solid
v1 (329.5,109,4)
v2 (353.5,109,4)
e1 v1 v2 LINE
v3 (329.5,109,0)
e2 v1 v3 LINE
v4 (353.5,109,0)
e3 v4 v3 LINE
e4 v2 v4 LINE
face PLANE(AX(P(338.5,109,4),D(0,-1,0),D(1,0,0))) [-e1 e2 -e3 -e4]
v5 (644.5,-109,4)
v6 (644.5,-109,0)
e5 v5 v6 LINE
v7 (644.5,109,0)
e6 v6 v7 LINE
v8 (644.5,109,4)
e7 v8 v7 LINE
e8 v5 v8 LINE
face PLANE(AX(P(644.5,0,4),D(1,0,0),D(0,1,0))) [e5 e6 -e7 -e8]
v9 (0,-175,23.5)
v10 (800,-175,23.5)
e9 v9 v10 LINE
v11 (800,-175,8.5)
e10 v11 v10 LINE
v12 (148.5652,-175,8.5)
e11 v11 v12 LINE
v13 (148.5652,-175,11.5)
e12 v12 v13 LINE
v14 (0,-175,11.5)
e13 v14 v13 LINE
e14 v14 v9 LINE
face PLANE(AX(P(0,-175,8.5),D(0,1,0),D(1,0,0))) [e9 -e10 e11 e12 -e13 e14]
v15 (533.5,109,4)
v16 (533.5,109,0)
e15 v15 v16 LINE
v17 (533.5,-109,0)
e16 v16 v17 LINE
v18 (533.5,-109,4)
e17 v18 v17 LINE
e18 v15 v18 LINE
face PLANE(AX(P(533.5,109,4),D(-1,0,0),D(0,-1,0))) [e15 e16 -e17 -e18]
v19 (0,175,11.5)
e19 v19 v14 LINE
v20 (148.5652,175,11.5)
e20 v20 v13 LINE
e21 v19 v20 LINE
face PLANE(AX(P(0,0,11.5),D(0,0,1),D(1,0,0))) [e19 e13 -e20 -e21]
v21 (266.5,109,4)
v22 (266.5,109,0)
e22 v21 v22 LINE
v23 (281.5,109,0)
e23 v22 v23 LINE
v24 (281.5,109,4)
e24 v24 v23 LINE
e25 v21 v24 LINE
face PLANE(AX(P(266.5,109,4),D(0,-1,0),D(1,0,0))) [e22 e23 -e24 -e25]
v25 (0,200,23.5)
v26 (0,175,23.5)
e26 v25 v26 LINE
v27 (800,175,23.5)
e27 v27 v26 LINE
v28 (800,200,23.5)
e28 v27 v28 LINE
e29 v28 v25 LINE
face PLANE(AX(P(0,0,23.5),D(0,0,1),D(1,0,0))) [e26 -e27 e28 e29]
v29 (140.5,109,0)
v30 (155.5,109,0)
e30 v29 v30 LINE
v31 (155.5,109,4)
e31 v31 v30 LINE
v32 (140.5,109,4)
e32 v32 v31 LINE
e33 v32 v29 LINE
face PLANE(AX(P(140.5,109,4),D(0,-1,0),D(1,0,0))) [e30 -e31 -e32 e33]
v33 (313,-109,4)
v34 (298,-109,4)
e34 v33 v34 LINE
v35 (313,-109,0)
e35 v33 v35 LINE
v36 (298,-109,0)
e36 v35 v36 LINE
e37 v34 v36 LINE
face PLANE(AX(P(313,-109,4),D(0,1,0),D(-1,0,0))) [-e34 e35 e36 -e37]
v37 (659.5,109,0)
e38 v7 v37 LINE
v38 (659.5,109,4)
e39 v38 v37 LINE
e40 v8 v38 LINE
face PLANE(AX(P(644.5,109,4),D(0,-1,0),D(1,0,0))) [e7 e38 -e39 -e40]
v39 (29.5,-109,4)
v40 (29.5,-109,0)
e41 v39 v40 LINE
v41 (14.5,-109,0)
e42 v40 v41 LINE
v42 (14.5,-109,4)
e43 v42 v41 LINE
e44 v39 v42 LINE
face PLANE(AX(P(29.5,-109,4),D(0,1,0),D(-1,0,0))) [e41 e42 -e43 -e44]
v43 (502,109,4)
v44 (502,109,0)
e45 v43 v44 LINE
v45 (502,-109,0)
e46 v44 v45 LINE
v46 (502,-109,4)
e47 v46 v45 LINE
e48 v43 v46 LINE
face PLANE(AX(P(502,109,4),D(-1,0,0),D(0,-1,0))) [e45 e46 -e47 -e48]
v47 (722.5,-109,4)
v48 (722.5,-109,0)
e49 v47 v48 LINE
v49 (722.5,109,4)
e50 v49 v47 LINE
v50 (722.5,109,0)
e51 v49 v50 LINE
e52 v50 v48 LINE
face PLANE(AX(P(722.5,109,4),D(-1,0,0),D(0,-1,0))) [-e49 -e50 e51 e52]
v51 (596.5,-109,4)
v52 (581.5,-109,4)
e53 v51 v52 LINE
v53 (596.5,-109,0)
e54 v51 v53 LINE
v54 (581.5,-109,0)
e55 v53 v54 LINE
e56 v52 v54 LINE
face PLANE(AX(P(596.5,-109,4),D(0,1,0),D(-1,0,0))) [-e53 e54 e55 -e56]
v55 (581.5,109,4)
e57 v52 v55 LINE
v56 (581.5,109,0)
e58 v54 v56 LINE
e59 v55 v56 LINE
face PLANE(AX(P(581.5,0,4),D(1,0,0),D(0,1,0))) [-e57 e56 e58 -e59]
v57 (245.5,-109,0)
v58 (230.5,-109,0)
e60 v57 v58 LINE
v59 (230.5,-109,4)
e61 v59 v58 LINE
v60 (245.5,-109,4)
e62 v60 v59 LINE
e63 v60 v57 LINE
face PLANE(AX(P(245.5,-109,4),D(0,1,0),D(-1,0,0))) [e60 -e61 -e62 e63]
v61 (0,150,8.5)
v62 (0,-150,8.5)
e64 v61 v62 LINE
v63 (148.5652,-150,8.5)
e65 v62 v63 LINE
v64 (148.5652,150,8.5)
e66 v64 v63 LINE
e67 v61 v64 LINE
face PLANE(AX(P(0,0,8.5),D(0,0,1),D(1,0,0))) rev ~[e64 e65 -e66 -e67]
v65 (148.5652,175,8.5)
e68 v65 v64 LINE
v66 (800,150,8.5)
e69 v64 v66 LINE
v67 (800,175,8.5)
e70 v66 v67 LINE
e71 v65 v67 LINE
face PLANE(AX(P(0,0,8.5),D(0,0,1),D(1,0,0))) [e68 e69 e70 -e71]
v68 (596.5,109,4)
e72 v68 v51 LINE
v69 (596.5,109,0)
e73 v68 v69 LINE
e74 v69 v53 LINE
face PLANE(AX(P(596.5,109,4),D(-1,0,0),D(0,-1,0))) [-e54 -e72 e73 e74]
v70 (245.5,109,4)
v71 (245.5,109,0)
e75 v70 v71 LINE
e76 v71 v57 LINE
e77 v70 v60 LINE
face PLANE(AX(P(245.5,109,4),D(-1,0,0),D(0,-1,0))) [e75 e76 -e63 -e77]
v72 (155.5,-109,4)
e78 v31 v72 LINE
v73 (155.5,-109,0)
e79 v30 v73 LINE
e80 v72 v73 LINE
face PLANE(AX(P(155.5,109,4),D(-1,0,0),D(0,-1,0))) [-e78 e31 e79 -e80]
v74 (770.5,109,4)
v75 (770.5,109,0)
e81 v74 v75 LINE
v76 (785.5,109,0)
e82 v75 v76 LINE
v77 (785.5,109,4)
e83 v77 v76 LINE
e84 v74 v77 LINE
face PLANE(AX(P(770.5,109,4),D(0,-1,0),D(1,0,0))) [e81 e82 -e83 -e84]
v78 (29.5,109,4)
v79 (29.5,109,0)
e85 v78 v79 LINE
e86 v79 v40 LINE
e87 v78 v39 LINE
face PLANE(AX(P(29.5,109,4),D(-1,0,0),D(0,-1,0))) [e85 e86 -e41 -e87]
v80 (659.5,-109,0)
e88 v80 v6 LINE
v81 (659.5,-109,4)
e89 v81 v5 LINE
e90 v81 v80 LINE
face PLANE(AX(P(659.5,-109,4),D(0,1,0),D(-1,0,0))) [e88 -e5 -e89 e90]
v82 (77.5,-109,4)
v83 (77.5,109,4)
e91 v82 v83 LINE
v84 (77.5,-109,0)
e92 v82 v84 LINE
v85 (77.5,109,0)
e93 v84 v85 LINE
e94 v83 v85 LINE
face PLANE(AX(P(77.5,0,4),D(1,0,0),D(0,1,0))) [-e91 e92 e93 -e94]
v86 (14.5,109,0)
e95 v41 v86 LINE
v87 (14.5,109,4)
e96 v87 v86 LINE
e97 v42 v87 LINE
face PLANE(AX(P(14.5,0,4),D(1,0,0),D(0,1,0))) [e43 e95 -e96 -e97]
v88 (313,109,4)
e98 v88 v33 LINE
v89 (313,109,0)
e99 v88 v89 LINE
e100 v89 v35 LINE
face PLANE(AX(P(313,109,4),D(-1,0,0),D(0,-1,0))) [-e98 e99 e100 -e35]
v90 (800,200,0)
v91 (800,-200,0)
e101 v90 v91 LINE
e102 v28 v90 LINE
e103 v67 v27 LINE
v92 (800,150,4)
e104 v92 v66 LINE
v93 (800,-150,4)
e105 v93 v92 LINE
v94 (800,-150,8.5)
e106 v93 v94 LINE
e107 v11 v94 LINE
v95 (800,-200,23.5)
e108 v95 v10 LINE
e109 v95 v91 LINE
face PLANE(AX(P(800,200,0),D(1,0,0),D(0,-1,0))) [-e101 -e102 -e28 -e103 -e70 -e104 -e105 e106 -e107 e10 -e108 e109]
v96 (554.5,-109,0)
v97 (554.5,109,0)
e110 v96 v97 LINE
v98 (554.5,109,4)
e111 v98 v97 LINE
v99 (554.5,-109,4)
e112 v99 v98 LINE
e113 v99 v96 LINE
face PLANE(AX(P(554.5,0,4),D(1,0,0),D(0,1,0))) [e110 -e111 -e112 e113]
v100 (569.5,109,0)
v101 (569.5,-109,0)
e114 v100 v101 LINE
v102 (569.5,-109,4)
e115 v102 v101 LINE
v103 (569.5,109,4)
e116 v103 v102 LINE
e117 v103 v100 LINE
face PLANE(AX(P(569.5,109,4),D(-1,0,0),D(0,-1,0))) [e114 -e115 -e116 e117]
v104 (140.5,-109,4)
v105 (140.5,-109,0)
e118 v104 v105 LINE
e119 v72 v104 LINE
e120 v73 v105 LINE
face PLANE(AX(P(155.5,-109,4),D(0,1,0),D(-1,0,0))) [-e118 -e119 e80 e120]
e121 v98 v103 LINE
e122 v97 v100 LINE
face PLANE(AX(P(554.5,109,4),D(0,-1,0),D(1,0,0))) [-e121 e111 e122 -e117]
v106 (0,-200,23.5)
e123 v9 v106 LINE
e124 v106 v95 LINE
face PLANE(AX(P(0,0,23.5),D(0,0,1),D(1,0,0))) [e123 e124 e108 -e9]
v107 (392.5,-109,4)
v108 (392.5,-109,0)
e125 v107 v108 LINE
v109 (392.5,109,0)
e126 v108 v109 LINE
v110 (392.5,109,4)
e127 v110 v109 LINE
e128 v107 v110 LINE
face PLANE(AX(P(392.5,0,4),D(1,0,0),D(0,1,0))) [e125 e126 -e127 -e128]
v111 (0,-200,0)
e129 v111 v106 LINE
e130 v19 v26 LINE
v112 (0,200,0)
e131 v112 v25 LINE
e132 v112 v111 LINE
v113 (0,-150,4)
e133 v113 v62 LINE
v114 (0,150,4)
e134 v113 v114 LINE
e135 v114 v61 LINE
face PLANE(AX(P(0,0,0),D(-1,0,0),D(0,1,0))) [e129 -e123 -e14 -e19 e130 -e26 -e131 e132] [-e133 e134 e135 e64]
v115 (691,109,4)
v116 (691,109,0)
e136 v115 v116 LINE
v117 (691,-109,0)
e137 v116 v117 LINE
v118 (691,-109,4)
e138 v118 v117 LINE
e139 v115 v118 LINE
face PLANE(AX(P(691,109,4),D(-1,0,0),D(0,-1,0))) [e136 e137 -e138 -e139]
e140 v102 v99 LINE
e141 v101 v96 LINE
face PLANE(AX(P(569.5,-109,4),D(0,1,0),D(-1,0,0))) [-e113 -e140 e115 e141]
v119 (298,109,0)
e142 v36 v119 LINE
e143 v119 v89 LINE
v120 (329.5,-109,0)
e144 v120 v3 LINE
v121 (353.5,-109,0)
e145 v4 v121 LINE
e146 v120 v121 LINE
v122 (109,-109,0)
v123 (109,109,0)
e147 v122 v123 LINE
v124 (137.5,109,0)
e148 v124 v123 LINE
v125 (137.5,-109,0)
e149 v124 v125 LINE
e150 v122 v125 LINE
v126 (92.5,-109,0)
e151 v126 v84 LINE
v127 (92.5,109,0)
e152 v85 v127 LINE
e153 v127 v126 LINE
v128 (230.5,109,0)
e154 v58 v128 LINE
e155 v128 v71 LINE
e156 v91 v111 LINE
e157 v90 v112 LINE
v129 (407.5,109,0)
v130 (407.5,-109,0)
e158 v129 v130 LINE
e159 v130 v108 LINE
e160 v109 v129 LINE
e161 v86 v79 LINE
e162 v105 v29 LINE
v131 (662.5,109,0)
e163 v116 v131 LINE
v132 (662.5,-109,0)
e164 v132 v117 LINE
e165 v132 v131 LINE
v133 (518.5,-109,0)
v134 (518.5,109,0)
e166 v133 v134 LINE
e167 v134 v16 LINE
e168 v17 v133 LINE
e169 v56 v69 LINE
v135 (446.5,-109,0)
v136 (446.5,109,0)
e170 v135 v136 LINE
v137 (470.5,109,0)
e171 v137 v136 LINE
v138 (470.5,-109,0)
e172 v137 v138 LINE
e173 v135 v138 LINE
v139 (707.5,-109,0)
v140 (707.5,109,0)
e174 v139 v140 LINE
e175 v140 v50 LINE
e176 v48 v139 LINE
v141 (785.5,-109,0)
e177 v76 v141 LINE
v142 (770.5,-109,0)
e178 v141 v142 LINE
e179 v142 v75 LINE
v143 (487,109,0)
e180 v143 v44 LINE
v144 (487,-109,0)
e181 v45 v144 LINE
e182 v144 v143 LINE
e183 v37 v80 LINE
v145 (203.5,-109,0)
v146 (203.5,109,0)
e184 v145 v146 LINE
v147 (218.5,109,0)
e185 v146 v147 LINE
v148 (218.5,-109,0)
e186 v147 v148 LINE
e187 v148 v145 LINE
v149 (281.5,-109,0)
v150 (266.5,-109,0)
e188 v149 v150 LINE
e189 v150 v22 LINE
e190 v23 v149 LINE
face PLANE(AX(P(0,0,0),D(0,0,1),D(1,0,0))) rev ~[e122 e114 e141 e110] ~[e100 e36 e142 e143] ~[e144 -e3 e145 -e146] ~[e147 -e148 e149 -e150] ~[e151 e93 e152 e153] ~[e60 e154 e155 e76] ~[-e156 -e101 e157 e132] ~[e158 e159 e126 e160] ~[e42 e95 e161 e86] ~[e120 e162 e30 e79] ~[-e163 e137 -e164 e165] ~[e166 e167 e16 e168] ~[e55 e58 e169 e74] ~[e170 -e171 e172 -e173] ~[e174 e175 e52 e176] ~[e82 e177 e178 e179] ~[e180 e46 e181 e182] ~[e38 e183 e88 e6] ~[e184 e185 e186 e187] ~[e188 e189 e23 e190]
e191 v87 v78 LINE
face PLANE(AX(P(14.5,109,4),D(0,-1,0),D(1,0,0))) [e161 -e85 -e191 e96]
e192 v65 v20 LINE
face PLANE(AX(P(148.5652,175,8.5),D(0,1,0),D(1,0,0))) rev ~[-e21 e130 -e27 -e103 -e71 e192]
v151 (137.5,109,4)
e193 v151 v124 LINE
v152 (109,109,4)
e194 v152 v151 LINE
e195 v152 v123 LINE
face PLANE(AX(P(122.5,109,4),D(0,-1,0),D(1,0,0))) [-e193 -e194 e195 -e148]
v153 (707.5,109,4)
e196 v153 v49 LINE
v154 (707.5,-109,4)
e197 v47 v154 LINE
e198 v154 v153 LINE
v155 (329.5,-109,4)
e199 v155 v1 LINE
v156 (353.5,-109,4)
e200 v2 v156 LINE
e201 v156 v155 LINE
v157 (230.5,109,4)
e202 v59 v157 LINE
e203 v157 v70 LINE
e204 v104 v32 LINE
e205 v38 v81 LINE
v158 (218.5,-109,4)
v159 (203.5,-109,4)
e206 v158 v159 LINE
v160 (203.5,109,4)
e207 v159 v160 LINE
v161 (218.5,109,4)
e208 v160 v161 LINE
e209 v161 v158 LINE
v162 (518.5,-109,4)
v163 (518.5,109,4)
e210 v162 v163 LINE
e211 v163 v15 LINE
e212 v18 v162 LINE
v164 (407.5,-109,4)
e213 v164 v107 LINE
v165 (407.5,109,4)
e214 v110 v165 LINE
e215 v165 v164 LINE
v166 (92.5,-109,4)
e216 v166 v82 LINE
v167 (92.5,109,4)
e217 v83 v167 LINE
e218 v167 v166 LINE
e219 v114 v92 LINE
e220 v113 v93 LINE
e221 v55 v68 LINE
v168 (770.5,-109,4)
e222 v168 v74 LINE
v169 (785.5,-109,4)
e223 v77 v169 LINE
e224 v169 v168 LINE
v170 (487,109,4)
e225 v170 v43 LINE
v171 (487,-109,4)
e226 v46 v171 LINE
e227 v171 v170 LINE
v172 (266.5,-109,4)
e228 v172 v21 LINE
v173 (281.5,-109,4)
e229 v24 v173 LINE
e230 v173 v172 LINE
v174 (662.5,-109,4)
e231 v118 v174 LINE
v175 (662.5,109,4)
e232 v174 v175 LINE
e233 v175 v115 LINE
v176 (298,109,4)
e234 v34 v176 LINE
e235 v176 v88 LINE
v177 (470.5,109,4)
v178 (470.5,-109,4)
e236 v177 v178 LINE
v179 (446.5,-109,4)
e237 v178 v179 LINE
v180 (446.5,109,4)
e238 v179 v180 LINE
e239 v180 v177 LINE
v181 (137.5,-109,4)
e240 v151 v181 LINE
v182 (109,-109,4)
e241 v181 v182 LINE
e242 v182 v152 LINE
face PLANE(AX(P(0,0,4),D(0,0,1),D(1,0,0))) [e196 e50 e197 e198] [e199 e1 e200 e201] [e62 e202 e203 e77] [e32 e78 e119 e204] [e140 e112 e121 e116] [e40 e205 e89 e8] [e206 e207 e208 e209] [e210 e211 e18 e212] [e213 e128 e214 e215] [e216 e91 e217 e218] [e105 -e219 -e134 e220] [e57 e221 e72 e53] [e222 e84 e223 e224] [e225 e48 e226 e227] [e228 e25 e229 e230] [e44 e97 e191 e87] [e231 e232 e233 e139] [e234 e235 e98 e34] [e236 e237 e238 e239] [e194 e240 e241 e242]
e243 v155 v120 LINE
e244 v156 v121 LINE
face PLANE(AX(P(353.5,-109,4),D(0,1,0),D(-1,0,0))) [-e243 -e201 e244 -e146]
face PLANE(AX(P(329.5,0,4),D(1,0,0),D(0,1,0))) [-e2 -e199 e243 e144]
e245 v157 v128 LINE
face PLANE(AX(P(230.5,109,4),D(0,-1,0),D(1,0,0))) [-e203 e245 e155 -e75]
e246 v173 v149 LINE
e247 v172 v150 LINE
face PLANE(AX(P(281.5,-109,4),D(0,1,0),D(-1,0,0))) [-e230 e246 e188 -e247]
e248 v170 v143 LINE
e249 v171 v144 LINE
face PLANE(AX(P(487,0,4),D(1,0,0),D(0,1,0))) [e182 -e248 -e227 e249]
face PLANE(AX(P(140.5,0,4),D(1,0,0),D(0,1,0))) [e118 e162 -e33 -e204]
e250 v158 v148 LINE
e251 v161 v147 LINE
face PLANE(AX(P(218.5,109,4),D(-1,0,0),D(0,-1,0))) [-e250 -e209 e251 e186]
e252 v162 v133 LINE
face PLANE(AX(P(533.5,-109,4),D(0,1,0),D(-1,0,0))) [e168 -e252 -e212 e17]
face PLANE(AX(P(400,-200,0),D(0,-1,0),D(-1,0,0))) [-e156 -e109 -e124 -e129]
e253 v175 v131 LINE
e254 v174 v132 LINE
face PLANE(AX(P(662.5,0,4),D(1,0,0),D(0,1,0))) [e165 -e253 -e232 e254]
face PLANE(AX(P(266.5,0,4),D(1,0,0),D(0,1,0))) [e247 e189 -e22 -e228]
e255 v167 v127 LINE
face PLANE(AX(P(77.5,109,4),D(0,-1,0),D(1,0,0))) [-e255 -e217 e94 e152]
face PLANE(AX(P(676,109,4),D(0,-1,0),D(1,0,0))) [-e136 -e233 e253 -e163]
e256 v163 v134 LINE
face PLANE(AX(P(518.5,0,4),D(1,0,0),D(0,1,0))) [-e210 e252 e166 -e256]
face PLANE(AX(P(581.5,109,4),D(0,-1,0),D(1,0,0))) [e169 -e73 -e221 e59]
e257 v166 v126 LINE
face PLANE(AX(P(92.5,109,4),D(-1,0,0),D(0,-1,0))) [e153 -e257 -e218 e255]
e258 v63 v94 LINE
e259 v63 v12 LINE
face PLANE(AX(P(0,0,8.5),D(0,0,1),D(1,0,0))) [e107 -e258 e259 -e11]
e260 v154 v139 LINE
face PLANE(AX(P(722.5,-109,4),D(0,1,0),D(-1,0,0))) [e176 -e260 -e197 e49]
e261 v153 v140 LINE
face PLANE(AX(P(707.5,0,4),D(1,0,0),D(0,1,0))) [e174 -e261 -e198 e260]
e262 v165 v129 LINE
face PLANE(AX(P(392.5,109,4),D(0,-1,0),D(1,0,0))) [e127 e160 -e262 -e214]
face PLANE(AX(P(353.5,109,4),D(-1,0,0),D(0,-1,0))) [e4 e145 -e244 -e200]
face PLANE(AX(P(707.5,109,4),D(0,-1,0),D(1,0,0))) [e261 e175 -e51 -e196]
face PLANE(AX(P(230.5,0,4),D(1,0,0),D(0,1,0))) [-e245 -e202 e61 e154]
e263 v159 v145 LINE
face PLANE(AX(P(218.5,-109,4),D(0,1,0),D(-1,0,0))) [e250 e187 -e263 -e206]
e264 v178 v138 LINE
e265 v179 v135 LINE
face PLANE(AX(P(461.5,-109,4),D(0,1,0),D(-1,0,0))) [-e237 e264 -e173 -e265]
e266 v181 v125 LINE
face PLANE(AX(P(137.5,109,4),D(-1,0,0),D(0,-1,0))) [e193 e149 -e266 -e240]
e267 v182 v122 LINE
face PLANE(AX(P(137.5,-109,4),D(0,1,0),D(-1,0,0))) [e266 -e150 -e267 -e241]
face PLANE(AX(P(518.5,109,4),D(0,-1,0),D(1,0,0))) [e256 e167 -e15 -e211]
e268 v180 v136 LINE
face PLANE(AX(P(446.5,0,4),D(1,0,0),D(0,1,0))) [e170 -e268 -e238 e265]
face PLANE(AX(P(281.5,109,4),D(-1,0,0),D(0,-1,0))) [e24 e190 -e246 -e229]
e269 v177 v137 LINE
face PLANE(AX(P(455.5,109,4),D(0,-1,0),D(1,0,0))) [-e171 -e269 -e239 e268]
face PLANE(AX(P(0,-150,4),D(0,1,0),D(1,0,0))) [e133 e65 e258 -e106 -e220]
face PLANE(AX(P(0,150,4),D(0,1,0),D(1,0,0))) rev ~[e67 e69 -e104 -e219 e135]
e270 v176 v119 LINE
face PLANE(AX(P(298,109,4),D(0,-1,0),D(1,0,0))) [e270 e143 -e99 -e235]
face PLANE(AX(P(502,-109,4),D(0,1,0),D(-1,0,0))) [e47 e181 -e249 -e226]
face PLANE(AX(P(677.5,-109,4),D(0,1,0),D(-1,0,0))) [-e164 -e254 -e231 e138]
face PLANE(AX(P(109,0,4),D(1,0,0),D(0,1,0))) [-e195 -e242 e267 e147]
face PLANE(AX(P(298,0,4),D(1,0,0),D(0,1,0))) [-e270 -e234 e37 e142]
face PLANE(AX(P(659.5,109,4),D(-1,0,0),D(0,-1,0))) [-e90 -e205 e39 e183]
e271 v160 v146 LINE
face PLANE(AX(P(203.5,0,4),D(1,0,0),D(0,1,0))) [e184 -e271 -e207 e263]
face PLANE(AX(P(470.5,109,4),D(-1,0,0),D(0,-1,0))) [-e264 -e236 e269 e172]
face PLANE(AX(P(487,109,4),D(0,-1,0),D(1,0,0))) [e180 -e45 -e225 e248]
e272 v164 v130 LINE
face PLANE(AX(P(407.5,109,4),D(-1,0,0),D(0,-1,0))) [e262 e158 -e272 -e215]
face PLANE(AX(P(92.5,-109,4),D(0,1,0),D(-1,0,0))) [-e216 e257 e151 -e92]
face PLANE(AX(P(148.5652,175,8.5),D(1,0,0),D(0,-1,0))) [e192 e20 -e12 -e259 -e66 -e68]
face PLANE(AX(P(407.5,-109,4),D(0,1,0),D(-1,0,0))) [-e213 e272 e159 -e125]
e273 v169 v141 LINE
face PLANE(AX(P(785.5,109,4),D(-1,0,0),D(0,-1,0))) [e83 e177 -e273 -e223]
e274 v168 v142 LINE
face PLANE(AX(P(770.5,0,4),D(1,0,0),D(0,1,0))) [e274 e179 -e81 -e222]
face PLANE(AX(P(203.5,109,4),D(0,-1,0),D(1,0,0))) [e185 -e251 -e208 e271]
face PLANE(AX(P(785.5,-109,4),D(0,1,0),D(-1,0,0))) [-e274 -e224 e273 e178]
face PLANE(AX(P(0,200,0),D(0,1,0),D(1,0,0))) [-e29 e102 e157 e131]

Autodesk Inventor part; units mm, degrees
ref_plane "YZ Plane" through (0, 0, 0) normal (1, 0, 0) x (0, 1, 0)
sketch "ferrite_layer_outline_sketch" plane through (0, 0, 0) normal (0, 0, 1) x (1, 0, 0)
  line L0 (0, 200) -> (800, 200)
  line L1 (800, 200) -> (800, -200)
  line L2 (800, -200) -> (0, -200)
  line L3 (0, -200) -> (0, 200)
  line L4 (-160, 0) -> (960, 0) projected
  line L5 (400, 200) -> (400, -200) construction
  line L6 (400, 366.8869) -> (400, -324.3455) construction
  line L7 (400, 200) -> (400, -200)
  point P0 (0, 0)
  point P1 (0, 0)
  point P2 (0, 0)
  point P3 (0, 0)
  point P4 (20, 0)
  dimension "d0" = 800
  dimension "d1" = 400
extrude "Extrusion8" add sketch "ferrite_layer_outline_sketch" along normal blind 4
ref_plane "acrylic_sheet_plane" through (0, 0, 4) normal (0, 0, 1) x (1, 0, 0)
sketch "Sketch4" plane through (0, 0, 4) normal (0, 0, 1) x (1, 0, 0)
  line L0 (14.5, 109) -> (29.5, 109)
  line L1 (29.5, 109) -> (29.5, -109)
  line L2 (29.5, -109) -> (14.5, -109)
  line L3 (14.5, -109) -> (14.5, 109)
  line L4 (-12.6534, 0) -> (47.471, 0)
  line L5 (0, 200) -> (0, -200) projected
  line L6 (800, 200) -> (0, 200) projected
  line L7 (0, -200) -> (800, -200) projected
  point P0 (0, 0)
  point P1 (14.5, 0)
  point P2 (0, 0)
  dimension "d43" = 15
  dimension "d44" = 218
  dimension "d45" = 14.5
extrude "Extrusion9" cut sketch "Sketch4" against normal through all
pattern_linear "Rectangular Pattern 7 fer" count 7 spacing 126 along (1, 0, 0) of "Extrusion9"
pattern_linear "Rectangular Pattern 8 fer" count 8 spacing 108 along (1, 0, 0) of "Extrusion9"
pattern_linear "pattern_test_#_of_ferrites 9 fer" count 9 spacing 94.5 along (1, 0, 0) of "Extrusion9"
pattern_linear "Rectangular Pattern 10 fer" [suppressed]
pattern_linear "Rectangular Pattern 13" count 13 spacing 63 along (1, 0, 0) of "Extrusion9"
sketch "Sketch5" plane through (0, 0, 4) normal (0, 0, 1) x (1, 0, 0)
  line L0 (0, 200) -> (0, -200) projected
  line L1 (0, 150) -> (800, 150)
  line L2 (800, -200) -> (800, 200) projected
  line L3 (800, 200) -> (0, 200) projected
  line L4 (0, -200) -> (800, -200) projected
  line L5 (0, -150) -> (800, -150)
  point P0 (0, 0)
  dimension "d66" = 50
  dimension "d68" = 50
extrude "Extrusion10" add sketch "Sketch5" along normal blind 4.5 contours L3 L2 L1 L0 | L5 L2 L4 L0
ref_plane "lower test Plane" through (0, 0, 8.5) normal (0, 0, 1) x (1, 0, 0)
sketch "Sketch7" plane through (0, 0, 8.5) normal (0, 0, 1) x (1, 0, 0)
  line L0 (0, 200) -> (0, -200) projected
  line L1 (0, 175) -> (800, 175)
  line L2 (800, -200) -> (800, 200) projected
  line L3 (0, -175) -> (800, -175)
  line L4 (800, 200) -> (0, 200) projected
  line L5 (0, -200) -> (800, -200) projected
  line L6 (148.5652, 175) -> (148.5652, -175)
  point P0 (0, 0)
  dimension "d77" = 25
  dimension "d78" = 25
extrude "wall extrusion" add sketch "Sketch7" along normal blind 15 contours L4 L2 L1 L0 | L3 L2 L5 L0
extrude "Extrusion14" add sketch "Sketch7" along normal blind 3 contours L1 L6 L3 L0
equation "\"d0\" = track_length"
equation "\"d1\" = track_width"
equation "\"d43\" = ferrite_width"
equation "\"d44\" = ferrite_length"
equation "\"d45\" = gap_distance"
equation "\"d50\" = parameter_5"
equation "\"d62\" = test_parameter_5"
equation "\"track_length\" = 800"
equation "\"track_width\" = 400"
equation "\"gap_distance\" = 14.5"
equation "\"ferrite_length\" = 218"
equation "\"ferrite_width\" = 15"
equation "\"ferrite_height\" = 8"
equation "\"acrylic_sheet_8mm\" = 8"
equation "\"parameter_5\" = 126"
equation "\"test_parameter_5\" = 94.5"
properties part number "ferrite_layer_dex_0R2"
